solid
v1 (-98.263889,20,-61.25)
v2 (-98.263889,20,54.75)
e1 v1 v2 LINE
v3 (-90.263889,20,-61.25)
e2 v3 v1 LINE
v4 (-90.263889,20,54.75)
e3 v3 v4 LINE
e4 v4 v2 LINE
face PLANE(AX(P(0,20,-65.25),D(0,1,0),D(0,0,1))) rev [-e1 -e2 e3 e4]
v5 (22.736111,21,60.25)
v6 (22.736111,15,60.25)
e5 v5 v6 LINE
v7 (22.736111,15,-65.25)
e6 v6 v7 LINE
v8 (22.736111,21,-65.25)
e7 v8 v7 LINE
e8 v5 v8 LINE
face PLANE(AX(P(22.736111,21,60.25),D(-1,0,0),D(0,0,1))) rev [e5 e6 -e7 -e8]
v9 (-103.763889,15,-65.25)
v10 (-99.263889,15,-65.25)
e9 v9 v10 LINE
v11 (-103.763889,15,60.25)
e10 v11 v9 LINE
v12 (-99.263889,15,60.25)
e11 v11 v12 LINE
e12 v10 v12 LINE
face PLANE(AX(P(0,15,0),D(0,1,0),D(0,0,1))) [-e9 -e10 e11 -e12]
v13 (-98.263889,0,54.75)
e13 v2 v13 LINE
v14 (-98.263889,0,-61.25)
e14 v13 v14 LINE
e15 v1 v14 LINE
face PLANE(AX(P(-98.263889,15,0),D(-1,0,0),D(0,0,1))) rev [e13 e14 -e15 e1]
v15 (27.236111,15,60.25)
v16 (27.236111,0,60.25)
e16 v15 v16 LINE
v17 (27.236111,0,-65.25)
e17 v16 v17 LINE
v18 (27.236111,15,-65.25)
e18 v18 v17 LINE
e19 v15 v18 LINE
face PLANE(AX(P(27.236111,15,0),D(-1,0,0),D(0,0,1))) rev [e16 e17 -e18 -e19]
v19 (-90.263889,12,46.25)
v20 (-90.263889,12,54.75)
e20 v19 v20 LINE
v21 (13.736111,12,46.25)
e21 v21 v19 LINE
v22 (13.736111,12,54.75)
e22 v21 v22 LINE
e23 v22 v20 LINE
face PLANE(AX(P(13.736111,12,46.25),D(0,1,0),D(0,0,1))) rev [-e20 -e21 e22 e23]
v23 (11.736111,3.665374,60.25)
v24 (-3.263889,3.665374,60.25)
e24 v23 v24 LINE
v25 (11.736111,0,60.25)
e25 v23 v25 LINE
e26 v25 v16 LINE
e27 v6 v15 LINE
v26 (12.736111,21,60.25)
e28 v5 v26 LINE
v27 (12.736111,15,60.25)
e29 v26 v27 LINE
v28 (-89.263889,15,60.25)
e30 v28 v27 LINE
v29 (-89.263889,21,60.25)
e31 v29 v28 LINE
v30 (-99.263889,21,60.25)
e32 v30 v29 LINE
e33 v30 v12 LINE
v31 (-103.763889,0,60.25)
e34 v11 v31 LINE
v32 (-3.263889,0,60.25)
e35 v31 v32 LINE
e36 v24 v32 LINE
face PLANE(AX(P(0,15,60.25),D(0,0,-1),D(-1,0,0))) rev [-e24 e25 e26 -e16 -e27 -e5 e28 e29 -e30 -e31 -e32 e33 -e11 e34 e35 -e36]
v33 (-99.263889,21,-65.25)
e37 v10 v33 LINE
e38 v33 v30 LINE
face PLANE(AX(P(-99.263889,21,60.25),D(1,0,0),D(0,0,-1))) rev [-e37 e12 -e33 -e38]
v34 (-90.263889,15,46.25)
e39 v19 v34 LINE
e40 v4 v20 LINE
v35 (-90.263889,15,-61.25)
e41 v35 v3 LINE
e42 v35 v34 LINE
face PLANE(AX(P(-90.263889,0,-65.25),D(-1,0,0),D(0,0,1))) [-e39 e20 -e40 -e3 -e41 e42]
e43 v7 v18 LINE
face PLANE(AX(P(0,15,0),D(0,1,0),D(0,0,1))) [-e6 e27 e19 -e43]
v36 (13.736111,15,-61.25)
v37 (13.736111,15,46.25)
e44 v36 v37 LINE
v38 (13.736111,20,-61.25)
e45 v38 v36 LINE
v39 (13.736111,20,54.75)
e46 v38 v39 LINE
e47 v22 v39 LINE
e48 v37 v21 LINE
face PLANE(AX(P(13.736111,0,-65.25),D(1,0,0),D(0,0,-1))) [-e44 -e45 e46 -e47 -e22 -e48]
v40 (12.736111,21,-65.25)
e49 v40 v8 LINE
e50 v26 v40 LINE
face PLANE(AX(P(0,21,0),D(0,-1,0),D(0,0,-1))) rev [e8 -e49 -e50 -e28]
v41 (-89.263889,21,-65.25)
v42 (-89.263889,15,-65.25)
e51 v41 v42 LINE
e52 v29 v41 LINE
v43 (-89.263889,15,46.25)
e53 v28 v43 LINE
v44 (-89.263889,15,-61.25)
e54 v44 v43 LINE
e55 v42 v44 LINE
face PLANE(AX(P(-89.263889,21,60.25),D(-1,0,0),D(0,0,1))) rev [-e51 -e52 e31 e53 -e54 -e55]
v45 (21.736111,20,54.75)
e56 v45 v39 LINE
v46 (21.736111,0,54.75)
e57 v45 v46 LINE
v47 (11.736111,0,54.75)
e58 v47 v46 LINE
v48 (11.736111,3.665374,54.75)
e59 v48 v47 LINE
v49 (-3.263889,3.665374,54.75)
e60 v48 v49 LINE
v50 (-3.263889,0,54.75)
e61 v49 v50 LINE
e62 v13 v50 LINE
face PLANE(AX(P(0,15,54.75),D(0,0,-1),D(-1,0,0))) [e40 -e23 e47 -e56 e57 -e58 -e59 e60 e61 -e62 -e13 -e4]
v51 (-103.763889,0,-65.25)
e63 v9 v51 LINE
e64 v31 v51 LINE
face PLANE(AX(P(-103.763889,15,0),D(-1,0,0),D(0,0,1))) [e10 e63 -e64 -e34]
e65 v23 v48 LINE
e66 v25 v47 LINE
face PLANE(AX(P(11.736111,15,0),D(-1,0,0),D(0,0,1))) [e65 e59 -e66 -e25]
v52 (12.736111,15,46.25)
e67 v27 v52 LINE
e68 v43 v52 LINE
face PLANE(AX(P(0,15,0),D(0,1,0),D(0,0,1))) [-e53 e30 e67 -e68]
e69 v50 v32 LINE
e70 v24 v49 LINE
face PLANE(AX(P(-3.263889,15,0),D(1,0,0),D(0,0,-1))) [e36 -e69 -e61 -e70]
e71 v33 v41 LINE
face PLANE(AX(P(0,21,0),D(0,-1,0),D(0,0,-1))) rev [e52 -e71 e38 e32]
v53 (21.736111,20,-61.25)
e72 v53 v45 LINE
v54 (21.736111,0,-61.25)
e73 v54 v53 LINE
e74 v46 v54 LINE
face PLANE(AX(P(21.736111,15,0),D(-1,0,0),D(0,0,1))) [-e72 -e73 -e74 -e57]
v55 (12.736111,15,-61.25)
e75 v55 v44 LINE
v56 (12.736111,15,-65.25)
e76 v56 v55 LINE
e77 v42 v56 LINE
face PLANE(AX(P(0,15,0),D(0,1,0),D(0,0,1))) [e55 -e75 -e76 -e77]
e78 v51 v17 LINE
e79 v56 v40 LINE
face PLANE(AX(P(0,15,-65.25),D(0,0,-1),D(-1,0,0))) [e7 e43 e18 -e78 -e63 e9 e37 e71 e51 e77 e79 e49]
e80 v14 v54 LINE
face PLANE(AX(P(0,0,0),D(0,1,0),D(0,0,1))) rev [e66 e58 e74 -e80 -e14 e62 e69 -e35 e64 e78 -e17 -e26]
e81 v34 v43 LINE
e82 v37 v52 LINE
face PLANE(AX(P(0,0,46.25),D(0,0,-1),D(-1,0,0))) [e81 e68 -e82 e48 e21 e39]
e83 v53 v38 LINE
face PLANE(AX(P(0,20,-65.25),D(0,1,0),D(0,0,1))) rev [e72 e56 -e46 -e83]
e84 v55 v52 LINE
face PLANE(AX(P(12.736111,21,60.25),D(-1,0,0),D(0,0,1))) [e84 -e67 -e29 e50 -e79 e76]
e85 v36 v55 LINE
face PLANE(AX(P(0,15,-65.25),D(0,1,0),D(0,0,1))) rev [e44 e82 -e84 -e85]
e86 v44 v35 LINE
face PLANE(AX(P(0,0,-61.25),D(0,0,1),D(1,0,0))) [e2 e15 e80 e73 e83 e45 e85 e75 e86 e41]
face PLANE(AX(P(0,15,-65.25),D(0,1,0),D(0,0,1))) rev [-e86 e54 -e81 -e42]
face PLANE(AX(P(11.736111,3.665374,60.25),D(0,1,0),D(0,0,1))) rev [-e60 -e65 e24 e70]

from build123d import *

# Parameters (mm, degrees)
BOSS_EXTRUDE1_DEPTH  = 15
SKETCH8_W            = 10
SKETCH8_H            = 5.5
BOSS_EXTRUDE2_DEPTH  = 6
BOSS_EXTRUDE3_DEPTH  = 120
SKETCH10_W           = 8
SKETCH10_H           = 5.5
BOSS_EXTRUDE4_DEPTH  = 5
SKETCH11_W           = 5.5
SKETCH11_H           = 11.334625819
BOSS_EXTRUDE5_DEPTH  = 15
SKETCH12_W           = 10
SKETCH12_H           = 5.5
BOSS_EXTRUDE6_DEPTH  = 6
BOSS_EXTRUDE7_DEPTH  = 120
SKETCH14_W           = 9
SKETCH14_H           = 5.5
BOSS_EXTRUDE8_DEPTH  = 6
SKETCH15_W           = 104
SKETCH15_H           = 3
BOSS_EXTRUDE11_DEPTH = 8.5
CUT_EXTRUDE1_DEPTH   = 1.5


with BuildPart() as part:
    # Sketch2 → Boss-Extrude1 (new body)
    with BuildSketch(Plane(origin=(0, 0, 0), x_dir=(1, 0, 0), z_dir=(0, 1, 0))):
        Polygon((-98.263888889, -54.75), (-98.263888889, 59.75), (21.736111111, 59.75), (21.736111111, -54.75), (11.736111111, -54.75), (11.736111111, -60.25), (27.236111111, -60.25), (27.236111111, 65.25), (-103.763888889, 65.25), (-103.763888889, -60.25), (-3.263888889, -60.25), (-3.263888889, -54.75), align=None)
    extrude(amount=BOSS_EXTRUDE1_DEPTH)

    # Sketch8 → Boss-Extrude2 (add)
    with BuildSketch(Plane(origin=(0, 15, 0), x_dir=(1, 0, 0), z_dir=(0, 1, 0))):
        with Locations((-94.263888889, -57.5)):
            Rectangle(SKETCH8_W, SKETCH8_H)
    extrude(amount=BOSS_EXTRUDE2_DEPTH)

    # Sketch9 → Boss-Extrude3 (add)
    with BuildSketch(Plane(origin=(0, 0, 54.75), x_dir=(-1, 0, 0), z_dir=(0, 0, -1))):
        Polygon((90.263888889, 15), (90.263888889, 16), (90.263888889, 20), (98.263888889, 20), (98.263888889, 16), (98.263888889, 15), (99.263888889, 15), (99.263888889, 21), (89.263888889, 21), (89.263888889, 15), align=None)
    extrude(amount=BOSS_EXTRUDE3_DEPTH)

    # Sketch10 → Boss-Extrude4 (add)
    with BuildSketch(Plane(origin=(0, 15, 0), x_dir=(1, 0, 0), z_dir=(0, 1, 0))):
        with Locations((-94.263888889, 62.5)):
            Rectangle(SKETCH10_W, SKETCH10_H)
    extrude(amount=BOSS_EXTRUDE4_DEPTH)

    # Sketch11 → Boss-Extrude5 (add)
    with BuildSketch(Plane(origin=(-3.263888889, 0, 0), x_dir=(0, 0, -1), z_dir=(1, 0, 0))):
        with Locations((-57.5, 9.332687091)):
            Rectangle(SKETCH11_W, SKETCH11_H)
    extrude(amount=BOSS_EXTRUDE5_DEPTH)

    # Sketch12 → Boss-Extrude6 (add)
    with BuildSketch(Plane(origin=(0, 15, 0), x_dir=(1, 0, 0), z_dir=(0, 1, 0))):
        with Locations((17.736111111, -57.5)):
            Rectangle(SKETCH12_W, SKETCH12_H)
    extrude(amount=BOSS_EXTRUDE6_DEPTH)

    # Sketch13 → Boss-Extrude7 (add)
    with BuildSketch(Plane(origin=(0, 0, 54.75), x_dir=(-1, 0, 0), z_dir=(0, 0, -1))):
        Polygon((-21.736111111, 15), (-21.736111111, 16), (-21.736111111, 20), (-13.736111111, 20), (-13.736111111, 16), (-13.736111111, 15), (-12.736111111, 15), (-12.736111111, 21), (-22.736111111, 21), (-22.736111111, 15), align=None)
    extrude(amount=BOSS_EXTRUDE7_DEPTH)

    # Sketch14 → Boss-Extrude8 (add)
    with BuildSketch(Plane(origin=(0, 15, 0), x_dir=(1, 0, 0), z_dir=(0, 1, 0))):
        with Locations((18.236111111, 62.5)):
            Rectangle(SKETCH14_W, SKETCH14_H)
    extrude(amount=BOSS_EXTRUDE8_DEPTH)

    # Sketch15 → Boss-Extrude11 (add)
    with BuildSketch(Plane(origin=(0, 0, 54.75), x_dir=(-1, 0, 0), z_dir=(0, 0, -1))):
        with Locations((38.263888889, 13.5)):
            Rectangle(SKETCH15_W, SKETCH15_H)
    extrude(amount=BOSS_EXTRUDE11_DEPTH)

    # Sketch17 → Cut-Extrude1 (cut)
    with BuildSketch(Plane.XY.offset(-59.75)):
        Polygon((-98.263888889, 0), (21.736111111, 0), (21.736111111, 20), (13.736111111, 20), (13.736111111, 15), (12.736111111, 15), (-89.263888889, 15), (-90.263888889, 15), (-90.263888889, 20), (-98.263888889, 20), align=None)
    extrude(amount=-CUT_EXTRUDE1_DEPTH, mode=Mode.SUBTRACT)


solid = part.part
